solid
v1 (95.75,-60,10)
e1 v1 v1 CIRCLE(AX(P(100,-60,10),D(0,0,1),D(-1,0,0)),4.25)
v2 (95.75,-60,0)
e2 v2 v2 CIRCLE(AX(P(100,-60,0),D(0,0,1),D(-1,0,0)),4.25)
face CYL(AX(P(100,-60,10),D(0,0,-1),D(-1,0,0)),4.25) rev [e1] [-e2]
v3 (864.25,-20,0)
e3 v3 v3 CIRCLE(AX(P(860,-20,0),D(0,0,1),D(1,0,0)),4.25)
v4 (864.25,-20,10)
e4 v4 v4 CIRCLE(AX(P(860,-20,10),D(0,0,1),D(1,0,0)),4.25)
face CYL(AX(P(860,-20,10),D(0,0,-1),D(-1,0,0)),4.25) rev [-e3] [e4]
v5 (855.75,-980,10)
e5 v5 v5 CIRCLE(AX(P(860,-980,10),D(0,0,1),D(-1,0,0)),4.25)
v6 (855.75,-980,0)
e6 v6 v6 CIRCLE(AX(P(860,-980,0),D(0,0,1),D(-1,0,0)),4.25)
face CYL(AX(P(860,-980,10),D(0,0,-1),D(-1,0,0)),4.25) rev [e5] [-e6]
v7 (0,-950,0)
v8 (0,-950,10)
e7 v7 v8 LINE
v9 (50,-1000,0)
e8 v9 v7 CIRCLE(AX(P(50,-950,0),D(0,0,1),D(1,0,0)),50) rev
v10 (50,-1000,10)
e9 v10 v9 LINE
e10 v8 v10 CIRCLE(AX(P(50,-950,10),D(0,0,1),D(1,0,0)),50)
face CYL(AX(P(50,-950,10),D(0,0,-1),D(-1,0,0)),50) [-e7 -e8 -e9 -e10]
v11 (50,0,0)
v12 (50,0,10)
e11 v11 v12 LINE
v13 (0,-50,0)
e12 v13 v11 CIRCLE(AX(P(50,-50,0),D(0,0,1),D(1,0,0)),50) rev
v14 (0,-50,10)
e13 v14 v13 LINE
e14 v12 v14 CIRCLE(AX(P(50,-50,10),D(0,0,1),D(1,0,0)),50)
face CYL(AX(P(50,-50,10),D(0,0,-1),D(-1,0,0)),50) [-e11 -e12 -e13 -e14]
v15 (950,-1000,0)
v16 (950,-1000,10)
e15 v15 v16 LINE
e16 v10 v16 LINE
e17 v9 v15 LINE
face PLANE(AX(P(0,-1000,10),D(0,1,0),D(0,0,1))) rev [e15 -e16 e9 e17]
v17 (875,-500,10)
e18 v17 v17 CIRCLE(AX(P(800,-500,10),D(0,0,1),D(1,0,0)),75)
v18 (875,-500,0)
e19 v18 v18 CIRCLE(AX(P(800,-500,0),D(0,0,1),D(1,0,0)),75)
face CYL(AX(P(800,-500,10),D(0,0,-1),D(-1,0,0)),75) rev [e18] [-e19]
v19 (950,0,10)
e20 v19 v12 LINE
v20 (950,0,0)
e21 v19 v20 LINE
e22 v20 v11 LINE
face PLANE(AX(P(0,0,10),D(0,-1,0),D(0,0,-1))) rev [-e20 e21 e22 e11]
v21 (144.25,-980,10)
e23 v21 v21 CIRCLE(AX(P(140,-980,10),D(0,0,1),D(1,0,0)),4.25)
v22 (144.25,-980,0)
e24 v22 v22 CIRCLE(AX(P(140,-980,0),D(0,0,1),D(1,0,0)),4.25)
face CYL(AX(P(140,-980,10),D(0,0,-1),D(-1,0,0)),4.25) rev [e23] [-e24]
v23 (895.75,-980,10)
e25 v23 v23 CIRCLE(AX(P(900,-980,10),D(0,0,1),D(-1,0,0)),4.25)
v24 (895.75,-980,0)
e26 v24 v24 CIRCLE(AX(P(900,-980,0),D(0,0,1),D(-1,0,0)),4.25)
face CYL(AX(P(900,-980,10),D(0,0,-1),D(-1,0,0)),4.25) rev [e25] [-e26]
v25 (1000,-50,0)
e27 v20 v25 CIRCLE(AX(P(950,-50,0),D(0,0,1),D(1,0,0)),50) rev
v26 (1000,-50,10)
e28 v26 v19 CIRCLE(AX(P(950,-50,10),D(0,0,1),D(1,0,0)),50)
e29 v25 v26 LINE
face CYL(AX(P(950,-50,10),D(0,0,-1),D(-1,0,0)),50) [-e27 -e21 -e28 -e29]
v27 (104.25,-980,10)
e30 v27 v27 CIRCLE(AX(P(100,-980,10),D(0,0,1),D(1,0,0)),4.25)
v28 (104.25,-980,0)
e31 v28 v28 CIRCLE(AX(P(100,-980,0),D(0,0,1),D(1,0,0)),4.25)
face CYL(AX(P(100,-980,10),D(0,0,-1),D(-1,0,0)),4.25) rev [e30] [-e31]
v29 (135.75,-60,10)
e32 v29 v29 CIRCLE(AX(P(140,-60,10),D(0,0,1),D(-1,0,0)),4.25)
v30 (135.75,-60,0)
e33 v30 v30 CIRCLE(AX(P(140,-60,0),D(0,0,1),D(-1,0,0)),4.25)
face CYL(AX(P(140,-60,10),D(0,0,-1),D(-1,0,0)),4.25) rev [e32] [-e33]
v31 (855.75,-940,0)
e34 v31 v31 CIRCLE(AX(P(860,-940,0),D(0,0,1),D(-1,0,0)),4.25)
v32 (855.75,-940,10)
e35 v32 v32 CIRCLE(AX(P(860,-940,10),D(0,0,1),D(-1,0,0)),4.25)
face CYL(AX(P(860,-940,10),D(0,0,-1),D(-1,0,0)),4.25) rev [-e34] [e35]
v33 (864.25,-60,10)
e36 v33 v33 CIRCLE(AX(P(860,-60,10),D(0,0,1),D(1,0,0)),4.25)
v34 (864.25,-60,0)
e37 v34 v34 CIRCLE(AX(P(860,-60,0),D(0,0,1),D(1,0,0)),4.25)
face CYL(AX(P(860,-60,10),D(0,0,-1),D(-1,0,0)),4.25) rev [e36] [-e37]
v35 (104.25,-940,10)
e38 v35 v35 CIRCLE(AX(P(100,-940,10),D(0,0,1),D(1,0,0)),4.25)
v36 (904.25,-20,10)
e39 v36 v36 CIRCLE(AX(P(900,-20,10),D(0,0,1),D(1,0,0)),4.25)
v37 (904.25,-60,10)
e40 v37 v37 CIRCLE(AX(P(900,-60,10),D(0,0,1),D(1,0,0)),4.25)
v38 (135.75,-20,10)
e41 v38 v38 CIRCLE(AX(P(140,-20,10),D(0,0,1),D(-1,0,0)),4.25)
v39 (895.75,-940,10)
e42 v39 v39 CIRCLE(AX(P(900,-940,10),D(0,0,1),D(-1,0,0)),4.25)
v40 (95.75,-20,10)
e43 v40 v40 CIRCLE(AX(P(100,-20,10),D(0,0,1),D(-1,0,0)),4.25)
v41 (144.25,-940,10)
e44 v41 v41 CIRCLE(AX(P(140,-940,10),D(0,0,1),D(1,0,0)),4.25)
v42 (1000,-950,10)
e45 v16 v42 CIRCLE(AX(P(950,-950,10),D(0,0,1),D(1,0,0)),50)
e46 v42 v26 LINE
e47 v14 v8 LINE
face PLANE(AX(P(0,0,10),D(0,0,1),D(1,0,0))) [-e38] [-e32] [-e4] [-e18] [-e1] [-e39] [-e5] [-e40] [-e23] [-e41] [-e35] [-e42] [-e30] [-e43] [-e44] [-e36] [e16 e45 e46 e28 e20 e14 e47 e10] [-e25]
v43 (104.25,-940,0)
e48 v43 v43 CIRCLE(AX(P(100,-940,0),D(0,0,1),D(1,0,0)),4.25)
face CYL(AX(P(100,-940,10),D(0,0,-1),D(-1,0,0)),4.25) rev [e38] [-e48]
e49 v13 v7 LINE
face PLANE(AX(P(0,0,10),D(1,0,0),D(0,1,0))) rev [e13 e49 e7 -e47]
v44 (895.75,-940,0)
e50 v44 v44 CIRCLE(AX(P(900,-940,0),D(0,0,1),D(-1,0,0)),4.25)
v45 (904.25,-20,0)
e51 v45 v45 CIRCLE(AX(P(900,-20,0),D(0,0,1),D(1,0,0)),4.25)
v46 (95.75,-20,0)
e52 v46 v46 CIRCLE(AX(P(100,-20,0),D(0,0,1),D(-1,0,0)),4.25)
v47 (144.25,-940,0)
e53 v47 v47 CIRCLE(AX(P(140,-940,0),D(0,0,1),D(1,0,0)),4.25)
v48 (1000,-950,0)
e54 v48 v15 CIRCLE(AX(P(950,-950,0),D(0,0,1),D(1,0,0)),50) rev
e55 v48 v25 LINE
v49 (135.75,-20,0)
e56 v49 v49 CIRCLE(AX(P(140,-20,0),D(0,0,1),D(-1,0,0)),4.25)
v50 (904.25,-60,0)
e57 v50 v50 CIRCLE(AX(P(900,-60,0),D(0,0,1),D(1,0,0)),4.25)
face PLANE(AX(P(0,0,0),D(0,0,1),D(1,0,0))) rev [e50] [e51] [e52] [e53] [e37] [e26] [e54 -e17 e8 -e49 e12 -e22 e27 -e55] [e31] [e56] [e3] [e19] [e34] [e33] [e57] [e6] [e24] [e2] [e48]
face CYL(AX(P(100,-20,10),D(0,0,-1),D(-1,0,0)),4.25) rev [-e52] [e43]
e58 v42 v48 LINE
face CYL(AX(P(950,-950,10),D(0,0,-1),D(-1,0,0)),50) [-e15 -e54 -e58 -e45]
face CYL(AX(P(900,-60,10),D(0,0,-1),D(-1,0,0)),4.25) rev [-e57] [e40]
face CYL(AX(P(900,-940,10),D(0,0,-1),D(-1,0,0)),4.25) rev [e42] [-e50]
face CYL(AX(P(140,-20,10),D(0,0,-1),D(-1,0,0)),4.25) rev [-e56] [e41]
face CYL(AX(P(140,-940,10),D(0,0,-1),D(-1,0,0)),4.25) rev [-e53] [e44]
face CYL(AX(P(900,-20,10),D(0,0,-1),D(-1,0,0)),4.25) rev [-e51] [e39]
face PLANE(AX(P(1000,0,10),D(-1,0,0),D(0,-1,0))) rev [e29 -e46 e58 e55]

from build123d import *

# Parameters (mm, degrees)
SKETCH_1_W      = 1000
SKETCH_1_H      = 1000
SKETCH_1_R      = 75
SKETCH_1_R_2    = 4.25
EXTRUDE_1_DEPTH = 10
FILLET_1_R      = 50


with BuildPart() as part:
    # 草图1 → 凸台-拉伸1 (new body)
    with BuildSketch(Plane.XY):
        with Locations((500, -500)):
            Rectangle(SKETCH_1_W, SKETCH_1_H)
        with Locations((800, -500)):
            Circle(SKETCH_1_R, mode=Mode.SUBTRACT)
        with Locations((900, -20)):
            Circle(SKETCH_1_R_2, mode=Mode.SUBTRACT)
        with Locations((900, -60)):
            Circle(SKETCH_1_R_2, mode=Mode.SUBTRACT)
        with Locations((860, -20)):
            Circle(SKETCH_1_R_2, mode=Mode.SUBTRACT)
        with Locations((860, -60)):
            Circle(SKETCH_1_R_2, mode=Mode.SUBTRACT)
        with Locations(Location((140, -20, 0), (0, 0, 180))):
            Circle(SKETCH_1_R_2, mode=Mode.SUBTRACT)
        with Locations(Location((100, -20, 0), (0, 0, 180))):
            Circle(SKETCH_1_R_2, mode=Mode.SUBTRACT)
        with Locations(Location((140, -60, 0), (0, 0, 180))):
            Circle(SKETCH_1_R_2, mode=Mode.SUBTRACT)
        with Locations(Location((100, -60, 0), (0, 0, 180))):
            Circle(SKETCH_1_R_2, mode=Mode.SUBTRACT)
        with Locations((100, -980)):
            Circle(SKETCH_1_R_2, mode=Mode.SUBTRACT)
        with Locations((140, -980)):
            Circle(SKETCH_1_R_2, mode=Mode.SUBTRACT)
        with Locations((100, -940)):
            Circle(SKETCH_1_R_2, mode=Mode.SUBTRACT)
        with Locations((140, -940)):
            Circle(SKETCH_1_R_2, mode=Mode.SUBTRACT)
        with Locations(Location((860, -980, 0), (0, 0, 180))):
            Circle(SKETCH_1_R_2, mode=Mode.SUBTRACT)
        with Locations(Location((900, -980, 0), (0, 0, 180))):
            Circle(SKETCH_1_R_2, mode=Mode.SUBTRACT)
        with Locations(Location((860, -940, 0), (0, 0, 180))):
            Circle(SKETCH_1_R_2, mode=Mode.SUBTRACT)
        with Locations(Location((900, -940, 0), (0, 0, 180))):
            Circle(SKETCH_1_R_2, mode=Mode.SUBTRACT)
    extrude(amount=EXTRUDE_1_DEPTH)

    # 圆角1
    fillet_1_edges = [part.edges().sort_by_distance(p)[0] for p in [
        (0, 0, 5),
        (1000, 0, 5),
        (1000, -1000, 5),
        (0, -1000, 5),
    ]]
    fillet(fillet_1_edges, radius=FILLET_1_R)


solid = part.part
